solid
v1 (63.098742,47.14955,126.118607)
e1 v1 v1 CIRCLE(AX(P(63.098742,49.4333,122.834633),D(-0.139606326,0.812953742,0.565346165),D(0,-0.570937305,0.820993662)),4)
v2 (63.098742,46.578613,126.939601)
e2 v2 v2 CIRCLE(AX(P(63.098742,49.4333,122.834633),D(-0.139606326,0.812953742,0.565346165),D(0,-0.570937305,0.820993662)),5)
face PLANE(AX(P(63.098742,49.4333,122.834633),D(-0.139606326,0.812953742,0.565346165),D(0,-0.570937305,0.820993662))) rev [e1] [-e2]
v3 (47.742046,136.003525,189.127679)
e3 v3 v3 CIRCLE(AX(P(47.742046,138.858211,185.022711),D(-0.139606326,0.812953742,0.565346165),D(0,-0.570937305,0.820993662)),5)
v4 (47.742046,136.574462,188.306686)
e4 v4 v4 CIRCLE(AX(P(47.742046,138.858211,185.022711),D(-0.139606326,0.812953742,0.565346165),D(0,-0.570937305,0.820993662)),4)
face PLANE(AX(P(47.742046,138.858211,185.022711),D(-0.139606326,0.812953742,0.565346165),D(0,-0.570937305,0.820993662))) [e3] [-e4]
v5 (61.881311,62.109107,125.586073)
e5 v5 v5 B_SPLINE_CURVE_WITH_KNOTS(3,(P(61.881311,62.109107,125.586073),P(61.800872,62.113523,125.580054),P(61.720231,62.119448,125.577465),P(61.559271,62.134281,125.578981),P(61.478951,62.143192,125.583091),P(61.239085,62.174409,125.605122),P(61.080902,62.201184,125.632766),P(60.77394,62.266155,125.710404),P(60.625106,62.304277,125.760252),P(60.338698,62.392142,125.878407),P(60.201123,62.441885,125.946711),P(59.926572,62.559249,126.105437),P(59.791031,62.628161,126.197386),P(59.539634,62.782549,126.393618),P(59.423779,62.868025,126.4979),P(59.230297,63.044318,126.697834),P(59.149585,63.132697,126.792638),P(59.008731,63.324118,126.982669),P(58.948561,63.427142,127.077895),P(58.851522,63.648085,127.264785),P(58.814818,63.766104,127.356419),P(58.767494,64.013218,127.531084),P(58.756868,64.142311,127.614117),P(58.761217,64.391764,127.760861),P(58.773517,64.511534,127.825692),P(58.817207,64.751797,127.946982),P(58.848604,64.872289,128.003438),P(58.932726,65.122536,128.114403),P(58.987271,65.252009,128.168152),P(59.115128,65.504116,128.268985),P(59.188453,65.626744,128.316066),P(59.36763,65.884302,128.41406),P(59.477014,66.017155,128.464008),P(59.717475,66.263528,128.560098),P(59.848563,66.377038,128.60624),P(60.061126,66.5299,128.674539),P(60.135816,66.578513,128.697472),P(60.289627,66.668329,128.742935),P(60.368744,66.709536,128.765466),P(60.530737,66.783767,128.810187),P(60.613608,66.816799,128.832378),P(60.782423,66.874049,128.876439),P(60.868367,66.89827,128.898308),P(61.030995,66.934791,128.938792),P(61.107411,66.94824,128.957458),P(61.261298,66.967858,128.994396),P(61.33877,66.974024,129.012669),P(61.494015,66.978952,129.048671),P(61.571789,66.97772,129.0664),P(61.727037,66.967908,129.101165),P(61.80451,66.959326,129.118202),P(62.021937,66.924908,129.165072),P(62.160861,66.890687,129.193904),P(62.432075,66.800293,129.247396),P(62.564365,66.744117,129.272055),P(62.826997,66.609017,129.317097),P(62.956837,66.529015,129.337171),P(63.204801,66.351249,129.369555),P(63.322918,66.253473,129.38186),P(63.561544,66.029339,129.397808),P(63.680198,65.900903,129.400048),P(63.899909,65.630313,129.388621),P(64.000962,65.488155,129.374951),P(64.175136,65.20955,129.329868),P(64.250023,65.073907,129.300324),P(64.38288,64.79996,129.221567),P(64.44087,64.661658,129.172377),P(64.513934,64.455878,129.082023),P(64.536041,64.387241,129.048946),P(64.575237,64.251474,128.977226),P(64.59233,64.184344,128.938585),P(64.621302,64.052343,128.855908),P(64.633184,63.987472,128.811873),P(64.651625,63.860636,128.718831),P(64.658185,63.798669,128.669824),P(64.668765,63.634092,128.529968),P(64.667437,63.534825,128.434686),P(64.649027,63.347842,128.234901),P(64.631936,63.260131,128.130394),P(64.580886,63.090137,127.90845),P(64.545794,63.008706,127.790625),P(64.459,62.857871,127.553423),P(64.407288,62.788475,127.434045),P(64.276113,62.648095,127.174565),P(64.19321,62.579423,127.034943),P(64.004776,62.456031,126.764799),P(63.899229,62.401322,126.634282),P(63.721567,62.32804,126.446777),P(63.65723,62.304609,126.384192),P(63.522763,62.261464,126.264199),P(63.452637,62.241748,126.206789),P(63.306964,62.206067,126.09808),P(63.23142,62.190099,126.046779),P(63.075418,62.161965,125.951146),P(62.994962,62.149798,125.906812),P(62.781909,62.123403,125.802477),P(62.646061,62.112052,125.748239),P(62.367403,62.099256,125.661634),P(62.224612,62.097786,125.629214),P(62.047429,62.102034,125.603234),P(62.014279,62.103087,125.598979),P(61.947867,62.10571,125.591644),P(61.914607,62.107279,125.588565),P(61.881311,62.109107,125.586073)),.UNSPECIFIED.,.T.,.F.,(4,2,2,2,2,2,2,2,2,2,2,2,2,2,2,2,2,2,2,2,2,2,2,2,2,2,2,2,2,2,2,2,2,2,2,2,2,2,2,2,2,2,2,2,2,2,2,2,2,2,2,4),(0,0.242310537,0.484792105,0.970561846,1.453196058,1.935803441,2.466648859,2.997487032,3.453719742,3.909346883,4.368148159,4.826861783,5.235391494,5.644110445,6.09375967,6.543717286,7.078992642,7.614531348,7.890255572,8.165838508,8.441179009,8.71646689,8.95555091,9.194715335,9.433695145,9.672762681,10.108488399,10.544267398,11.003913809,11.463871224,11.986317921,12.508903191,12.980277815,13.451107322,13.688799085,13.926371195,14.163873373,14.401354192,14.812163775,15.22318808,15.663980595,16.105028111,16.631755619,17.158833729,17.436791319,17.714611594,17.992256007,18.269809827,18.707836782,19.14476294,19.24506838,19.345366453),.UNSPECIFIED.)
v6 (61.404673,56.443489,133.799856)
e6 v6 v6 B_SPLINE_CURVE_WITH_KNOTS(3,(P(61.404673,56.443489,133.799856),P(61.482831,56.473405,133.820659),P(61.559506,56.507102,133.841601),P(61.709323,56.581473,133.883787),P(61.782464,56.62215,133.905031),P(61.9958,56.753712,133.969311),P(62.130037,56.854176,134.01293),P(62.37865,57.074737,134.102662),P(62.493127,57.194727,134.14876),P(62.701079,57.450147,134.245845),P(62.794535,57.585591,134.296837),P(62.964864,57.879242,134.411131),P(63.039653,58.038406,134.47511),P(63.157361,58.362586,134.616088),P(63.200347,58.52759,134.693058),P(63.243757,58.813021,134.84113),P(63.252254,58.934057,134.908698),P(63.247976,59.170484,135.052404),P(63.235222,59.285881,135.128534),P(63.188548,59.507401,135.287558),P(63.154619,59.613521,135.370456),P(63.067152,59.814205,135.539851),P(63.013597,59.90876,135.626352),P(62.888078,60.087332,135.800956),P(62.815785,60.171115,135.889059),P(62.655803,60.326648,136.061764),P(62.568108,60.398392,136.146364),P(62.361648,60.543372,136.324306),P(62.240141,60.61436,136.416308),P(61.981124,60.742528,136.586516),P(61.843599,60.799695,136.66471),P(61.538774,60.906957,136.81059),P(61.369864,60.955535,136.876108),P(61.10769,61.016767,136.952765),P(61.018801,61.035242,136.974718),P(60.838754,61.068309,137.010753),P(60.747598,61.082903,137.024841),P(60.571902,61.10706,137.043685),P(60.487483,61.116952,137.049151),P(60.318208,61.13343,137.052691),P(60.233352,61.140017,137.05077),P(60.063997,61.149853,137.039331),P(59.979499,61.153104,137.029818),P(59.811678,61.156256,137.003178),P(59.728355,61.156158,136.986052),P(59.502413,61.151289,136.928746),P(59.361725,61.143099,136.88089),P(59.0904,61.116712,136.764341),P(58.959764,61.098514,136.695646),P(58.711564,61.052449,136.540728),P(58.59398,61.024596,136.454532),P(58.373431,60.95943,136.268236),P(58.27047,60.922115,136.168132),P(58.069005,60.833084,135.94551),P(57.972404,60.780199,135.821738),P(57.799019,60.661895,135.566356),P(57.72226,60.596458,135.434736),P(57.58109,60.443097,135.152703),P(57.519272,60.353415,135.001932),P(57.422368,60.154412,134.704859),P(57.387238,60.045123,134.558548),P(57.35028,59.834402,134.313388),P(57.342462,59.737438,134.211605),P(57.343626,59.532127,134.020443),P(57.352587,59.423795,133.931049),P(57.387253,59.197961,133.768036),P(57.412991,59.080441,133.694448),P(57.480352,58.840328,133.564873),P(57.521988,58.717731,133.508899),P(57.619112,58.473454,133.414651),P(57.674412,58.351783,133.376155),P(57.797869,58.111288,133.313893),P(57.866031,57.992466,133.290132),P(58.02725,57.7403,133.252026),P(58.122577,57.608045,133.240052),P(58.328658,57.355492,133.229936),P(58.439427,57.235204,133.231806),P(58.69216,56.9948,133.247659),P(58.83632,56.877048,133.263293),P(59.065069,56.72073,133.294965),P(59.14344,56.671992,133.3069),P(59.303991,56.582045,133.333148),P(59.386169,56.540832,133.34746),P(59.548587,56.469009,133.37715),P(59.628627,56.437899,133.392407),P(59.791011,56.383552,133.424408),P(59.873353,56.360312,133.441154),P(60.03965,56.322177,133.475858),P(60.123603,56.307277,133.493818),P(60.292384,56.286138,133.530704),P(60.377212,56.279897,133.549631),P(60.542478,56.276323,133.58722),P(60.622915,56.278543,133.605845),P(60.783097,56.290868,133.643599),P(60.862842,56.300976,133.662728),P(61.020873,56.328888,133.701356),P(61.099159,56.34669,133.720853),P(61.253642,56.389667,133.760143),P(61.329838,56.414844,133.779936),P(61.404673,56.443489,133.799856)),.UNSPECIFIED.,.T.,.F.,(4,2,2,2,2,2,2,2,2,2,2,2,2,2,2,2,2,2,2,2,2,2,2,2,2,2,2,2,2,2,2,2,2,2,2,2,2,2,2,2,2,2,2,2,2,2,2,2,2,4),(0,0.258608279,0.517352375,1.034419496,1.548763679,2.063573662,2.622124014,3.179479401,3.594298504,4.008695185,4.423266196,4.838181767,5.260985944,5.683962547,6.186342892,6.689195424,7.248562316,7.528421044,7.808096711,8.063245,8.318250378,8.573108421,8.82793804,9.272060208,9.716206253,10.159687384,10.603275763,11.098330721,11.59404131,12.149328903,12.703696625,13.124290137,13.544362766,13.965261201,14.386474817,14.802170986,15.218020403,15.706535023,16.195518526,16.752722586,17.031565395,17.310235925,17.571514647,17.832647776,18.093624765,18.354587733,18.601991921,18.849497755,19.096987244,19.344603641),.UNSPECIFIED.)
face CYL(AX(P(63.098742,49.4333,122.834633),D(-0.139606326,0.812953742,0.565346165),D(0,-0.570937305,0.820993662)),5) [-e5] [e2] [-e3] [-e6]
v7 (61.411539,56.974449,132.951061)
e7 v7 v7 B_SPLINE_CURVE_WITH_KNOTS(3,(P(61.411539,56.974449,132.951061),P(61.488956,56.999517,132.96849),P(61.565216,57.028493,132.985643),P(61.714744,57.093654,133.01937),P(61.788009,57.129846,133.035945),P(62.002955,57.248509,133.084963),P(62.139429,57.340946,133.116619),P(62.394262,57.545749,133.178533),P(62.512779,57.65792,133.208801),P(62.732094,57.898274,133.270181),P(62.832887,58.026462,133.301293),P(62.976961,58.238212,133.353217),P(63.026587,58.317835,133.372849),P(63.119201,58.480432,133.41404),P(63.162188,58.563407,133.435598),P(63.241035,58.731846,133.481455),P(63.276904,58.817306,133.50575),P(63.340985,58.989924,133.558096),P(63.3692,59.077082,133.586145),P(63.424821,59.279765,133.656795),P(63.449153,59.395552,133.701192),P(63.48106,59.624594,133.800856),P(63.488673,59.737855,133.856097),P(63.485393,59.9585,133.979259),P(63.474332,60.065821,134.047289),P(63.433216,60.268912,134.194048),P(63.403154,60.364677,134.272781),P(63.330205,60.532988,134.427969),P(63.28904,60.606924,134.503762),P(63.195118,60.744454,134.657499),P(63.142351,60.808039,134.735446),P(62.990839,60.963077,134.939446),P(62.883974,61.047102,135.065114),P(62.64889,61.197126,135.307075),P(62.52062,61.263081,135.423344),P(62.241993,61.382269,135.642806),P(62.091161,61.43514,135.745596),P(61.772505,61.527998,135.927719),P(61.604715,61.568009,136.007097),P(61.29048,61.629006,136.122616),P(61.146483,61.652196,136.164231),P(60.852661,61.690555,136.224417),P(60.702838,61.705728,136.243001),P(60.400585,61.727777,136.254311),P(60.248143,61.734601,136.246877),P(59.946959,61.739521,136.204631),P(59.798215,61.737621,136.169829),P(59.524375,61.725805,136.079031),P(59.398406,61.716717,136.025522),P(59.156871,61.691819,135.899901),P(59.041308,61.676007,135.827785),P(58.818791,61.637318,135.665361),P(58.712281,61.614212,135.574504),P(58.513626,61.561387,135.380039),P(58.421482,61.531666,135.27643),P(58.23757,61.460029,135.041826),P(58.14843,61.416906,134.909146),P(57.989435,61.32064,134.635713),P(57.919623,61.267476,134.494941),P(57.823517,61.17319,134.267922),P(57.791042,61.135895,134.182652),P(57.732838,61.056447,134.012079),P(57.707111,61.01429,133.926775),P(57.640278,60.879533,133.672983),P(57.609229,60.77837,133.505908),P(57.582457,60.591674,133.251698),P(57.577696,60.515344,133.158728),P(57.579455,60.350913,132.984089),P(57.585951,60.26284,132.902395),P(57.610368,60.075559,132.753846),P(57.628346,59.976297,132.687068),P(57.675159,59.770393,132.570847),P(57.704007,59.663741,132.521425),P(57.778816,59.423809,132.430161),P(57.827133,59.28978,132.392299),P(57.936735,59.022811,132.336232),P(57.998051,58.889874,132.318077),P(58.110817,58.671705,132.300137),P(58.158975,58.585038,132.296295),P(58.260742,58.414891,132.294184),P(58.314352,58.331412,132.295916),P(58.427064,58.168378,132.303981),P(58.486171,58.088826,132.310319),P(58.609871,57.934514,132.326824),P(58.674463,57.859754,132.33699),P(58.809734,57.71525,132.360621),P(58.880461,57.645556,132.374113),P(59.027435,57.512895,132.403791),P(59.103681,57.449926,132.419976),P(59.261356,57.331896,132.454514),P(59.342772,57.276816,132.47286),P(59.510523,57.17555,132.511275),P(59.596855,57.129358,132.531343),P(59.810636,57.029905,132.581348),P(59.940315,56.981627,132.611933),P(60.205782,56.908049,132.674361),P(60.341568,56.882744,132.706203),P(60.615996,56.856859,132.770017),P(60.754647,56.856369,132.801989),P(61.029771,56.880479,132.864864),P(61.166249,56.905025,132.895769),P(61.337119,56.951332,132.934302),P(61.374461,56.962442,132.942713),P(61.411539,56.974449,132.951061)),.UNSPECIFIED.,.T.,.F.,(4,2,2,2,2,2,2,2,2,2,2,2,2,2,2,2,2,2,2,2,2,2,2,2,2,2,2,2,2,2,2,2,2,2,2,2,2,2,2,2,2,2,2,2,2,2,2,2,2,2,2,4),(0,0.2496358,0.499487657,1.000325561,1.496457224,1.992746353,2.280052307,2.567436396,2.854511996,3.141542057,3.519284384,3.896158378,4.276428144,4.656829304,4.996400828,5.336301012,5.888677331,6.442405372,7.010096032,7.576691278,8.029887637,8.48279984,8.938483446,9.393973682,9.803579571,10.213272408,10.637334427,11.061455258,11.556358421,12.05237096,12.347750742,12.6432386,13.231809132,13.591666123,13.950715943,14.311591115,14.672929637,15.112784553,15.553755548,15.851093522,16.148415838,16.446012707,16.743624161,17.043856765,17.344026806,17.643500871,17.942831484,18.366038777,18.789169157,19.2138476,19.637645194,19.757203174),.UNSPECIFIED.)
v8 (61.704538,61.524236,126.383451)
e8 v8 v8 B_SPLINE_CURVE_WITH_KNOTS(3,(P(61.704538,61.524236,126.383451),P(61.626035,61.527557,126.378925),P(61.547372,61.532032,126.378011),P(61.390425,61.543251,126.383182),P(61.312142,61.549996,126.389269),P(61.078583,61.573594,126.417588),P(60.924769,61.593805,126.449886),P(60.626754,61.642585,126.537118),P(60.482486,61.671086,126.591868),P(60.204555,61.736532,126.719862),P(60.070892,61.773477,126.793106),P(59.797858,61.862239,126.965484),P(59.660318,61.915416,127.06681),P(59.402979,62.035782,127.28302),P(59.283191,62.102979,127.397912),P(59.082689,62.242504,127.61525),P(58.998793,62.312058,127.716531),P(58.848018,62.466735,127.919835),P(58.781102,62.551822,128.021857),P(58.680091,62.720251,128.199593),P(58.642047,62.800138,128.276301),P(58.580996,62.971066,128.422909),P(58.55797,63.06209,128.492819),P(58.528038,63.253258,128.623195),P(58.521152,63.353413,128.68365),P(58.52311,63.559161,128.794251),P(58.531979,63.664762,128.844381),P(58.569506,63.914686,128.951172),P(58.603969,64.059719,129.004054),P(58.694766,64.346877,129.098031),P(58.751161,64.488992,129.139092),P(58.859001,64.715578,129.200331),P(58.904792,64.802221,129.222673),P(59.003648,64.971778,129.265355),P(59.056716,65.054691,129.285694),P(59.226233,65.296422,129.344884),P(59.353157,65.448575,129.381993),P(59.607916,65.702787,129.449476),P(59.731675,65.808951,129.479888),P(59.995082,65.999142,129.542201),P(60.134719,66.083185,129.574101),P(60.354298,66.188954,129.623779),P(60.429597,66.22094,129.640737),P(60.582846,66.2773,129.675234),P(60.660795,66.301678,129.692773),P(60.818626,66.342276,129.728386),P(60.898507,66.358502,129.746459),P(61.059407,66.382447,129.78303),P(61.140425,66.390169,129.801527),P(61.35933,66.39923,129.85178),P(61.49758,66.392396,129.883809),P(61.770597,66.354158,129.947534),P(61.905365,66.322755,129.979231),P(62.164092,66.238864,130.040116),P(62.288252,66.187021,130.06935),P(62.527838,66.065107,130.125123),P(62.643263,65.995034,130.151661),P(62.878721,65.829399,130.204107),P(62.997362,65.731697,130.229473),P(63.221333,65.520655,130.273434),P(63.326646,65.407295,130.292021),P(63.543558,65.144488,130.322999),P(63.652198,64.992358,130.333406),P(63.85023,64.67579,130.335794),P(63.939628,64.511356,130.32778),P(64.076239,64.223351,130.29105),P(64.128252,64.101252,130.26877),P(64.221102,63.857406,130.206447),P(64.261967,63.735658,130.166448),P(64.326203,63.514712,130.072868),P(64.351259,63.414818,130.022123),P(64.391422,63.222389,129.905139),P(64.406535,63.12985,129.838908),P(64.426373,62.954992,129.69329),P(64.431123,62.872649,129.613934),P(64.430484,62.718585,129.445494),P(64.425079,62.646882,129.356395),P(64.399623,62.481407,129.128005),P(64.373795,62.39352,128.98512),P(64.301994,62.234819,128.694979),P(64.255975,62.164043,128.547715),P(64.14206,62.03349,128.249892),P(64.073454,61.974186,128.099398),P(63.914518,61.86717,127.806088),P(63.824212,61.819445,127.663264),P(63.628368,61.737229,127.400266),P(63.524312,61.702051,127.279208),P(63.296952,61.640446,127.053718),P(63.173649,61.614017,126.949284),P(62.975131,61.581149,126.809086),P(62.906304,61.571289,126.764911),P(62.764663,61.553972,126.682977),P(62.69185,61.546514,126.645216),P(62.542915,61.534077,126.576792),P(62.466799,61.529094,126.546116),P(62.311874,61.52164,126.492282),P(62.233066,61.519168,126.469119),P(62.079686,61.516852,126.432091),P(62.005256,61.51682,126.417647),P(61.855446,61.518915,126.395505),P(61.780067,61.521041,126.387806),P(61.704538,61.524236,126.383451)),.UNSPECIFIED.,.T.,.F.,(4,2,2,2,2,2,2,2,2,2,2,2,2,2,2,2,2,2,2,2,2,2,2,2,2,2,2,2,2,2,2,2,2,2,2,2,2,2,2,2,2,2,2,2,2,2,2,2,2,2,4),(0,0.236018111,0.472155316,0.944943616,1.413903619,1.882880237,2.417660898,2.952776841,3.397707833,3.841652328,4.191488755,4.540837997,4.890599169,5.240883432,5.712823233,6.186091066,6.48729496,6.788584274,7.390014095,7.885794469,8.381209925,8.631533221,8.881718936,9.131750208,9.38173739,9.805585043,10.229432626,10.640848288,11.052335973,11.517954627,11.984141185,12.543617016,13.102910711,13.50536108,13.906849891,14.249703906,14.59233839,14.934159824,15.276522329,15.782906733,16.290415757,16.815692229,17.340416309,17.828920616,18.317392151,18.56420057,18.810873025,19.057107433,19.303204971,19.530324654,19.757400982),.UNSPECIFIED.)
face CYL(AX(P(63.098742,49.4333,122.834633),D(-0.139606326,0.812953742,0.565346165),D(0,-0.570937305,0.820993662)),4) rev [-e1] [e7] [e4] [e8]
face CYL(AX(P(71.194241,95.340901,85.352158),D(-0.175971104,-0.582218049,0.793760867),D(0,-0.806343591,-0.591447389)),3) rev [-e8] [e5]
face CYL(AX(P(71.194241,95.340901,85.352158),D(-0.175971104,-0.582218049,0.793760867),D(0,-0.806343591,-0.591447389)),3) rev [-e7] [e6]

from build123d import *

# Parameters (mm, degrees)
SKETCH1_R                = 5
SKETCH1_R_2              = 4
BOSS_EXTRUDE1_DEPTH      = 80
BOSS_EXTRUDE1_DEPTH_BACK = 30
SKETCH2_R                = 3
CUT_EXTRUDE1_DEPTH       = 58.904930039
CUT_EXTRUDE1_DEPTH_BACK  = 58.904930039


with BuildPart() as part:
    # Sketch1 → Boss-Extrude1 (new body, two sides)
    with BuildSketch(Plane(origin=(-18.263591419, 106.35230846, 73.959767463), x_dir=(0.989737493, 0.132142803, 0.054387259), z_dir=(-0.139606326, 0.812953742, 0.565346165))) as boss_extrude1_sk:
        with Locations((75.664084078, -74.988676697)):
            Circle(SKETCH1_R)
        with Locations((75.664084078, -74.988676697)):
            Circle(SKETCH1_R_2, mode=Mode.SUBTRACT)
    extrude(amount=BOSS_EXTRUDE1_DEPTH)
    extrude(boss_extrude1_sk.sketch, amount=-BOSS_EXTRUDE1_DEPTH_BACK)

    # Sketch2 → Cut-Extrude1 (cut, two sides)
    with BuildSketch(Plane(origin=(167.461192563, -27.829766449, 89.299122305), x_dir=(0.974445609, 0.011329449, 0.22433769), z_dir=(-0.175971104, -0.582218049, 0.793760867))) as cut_extrude1_sk:
        with Locations((-93.296905198, 111.340129179)):
            Circle(SKETCH2_R)
    extrude(amount=CUT_EXTRUDE1_DEPTH, mode=Mode.SUBTRACT)
    extrude(cut_extrude1_sk.sketch, amount=-CUT_EXTRUDE1_DEPTH_BACK, mode=Mode.SUBTRACT)


solid = part.part
